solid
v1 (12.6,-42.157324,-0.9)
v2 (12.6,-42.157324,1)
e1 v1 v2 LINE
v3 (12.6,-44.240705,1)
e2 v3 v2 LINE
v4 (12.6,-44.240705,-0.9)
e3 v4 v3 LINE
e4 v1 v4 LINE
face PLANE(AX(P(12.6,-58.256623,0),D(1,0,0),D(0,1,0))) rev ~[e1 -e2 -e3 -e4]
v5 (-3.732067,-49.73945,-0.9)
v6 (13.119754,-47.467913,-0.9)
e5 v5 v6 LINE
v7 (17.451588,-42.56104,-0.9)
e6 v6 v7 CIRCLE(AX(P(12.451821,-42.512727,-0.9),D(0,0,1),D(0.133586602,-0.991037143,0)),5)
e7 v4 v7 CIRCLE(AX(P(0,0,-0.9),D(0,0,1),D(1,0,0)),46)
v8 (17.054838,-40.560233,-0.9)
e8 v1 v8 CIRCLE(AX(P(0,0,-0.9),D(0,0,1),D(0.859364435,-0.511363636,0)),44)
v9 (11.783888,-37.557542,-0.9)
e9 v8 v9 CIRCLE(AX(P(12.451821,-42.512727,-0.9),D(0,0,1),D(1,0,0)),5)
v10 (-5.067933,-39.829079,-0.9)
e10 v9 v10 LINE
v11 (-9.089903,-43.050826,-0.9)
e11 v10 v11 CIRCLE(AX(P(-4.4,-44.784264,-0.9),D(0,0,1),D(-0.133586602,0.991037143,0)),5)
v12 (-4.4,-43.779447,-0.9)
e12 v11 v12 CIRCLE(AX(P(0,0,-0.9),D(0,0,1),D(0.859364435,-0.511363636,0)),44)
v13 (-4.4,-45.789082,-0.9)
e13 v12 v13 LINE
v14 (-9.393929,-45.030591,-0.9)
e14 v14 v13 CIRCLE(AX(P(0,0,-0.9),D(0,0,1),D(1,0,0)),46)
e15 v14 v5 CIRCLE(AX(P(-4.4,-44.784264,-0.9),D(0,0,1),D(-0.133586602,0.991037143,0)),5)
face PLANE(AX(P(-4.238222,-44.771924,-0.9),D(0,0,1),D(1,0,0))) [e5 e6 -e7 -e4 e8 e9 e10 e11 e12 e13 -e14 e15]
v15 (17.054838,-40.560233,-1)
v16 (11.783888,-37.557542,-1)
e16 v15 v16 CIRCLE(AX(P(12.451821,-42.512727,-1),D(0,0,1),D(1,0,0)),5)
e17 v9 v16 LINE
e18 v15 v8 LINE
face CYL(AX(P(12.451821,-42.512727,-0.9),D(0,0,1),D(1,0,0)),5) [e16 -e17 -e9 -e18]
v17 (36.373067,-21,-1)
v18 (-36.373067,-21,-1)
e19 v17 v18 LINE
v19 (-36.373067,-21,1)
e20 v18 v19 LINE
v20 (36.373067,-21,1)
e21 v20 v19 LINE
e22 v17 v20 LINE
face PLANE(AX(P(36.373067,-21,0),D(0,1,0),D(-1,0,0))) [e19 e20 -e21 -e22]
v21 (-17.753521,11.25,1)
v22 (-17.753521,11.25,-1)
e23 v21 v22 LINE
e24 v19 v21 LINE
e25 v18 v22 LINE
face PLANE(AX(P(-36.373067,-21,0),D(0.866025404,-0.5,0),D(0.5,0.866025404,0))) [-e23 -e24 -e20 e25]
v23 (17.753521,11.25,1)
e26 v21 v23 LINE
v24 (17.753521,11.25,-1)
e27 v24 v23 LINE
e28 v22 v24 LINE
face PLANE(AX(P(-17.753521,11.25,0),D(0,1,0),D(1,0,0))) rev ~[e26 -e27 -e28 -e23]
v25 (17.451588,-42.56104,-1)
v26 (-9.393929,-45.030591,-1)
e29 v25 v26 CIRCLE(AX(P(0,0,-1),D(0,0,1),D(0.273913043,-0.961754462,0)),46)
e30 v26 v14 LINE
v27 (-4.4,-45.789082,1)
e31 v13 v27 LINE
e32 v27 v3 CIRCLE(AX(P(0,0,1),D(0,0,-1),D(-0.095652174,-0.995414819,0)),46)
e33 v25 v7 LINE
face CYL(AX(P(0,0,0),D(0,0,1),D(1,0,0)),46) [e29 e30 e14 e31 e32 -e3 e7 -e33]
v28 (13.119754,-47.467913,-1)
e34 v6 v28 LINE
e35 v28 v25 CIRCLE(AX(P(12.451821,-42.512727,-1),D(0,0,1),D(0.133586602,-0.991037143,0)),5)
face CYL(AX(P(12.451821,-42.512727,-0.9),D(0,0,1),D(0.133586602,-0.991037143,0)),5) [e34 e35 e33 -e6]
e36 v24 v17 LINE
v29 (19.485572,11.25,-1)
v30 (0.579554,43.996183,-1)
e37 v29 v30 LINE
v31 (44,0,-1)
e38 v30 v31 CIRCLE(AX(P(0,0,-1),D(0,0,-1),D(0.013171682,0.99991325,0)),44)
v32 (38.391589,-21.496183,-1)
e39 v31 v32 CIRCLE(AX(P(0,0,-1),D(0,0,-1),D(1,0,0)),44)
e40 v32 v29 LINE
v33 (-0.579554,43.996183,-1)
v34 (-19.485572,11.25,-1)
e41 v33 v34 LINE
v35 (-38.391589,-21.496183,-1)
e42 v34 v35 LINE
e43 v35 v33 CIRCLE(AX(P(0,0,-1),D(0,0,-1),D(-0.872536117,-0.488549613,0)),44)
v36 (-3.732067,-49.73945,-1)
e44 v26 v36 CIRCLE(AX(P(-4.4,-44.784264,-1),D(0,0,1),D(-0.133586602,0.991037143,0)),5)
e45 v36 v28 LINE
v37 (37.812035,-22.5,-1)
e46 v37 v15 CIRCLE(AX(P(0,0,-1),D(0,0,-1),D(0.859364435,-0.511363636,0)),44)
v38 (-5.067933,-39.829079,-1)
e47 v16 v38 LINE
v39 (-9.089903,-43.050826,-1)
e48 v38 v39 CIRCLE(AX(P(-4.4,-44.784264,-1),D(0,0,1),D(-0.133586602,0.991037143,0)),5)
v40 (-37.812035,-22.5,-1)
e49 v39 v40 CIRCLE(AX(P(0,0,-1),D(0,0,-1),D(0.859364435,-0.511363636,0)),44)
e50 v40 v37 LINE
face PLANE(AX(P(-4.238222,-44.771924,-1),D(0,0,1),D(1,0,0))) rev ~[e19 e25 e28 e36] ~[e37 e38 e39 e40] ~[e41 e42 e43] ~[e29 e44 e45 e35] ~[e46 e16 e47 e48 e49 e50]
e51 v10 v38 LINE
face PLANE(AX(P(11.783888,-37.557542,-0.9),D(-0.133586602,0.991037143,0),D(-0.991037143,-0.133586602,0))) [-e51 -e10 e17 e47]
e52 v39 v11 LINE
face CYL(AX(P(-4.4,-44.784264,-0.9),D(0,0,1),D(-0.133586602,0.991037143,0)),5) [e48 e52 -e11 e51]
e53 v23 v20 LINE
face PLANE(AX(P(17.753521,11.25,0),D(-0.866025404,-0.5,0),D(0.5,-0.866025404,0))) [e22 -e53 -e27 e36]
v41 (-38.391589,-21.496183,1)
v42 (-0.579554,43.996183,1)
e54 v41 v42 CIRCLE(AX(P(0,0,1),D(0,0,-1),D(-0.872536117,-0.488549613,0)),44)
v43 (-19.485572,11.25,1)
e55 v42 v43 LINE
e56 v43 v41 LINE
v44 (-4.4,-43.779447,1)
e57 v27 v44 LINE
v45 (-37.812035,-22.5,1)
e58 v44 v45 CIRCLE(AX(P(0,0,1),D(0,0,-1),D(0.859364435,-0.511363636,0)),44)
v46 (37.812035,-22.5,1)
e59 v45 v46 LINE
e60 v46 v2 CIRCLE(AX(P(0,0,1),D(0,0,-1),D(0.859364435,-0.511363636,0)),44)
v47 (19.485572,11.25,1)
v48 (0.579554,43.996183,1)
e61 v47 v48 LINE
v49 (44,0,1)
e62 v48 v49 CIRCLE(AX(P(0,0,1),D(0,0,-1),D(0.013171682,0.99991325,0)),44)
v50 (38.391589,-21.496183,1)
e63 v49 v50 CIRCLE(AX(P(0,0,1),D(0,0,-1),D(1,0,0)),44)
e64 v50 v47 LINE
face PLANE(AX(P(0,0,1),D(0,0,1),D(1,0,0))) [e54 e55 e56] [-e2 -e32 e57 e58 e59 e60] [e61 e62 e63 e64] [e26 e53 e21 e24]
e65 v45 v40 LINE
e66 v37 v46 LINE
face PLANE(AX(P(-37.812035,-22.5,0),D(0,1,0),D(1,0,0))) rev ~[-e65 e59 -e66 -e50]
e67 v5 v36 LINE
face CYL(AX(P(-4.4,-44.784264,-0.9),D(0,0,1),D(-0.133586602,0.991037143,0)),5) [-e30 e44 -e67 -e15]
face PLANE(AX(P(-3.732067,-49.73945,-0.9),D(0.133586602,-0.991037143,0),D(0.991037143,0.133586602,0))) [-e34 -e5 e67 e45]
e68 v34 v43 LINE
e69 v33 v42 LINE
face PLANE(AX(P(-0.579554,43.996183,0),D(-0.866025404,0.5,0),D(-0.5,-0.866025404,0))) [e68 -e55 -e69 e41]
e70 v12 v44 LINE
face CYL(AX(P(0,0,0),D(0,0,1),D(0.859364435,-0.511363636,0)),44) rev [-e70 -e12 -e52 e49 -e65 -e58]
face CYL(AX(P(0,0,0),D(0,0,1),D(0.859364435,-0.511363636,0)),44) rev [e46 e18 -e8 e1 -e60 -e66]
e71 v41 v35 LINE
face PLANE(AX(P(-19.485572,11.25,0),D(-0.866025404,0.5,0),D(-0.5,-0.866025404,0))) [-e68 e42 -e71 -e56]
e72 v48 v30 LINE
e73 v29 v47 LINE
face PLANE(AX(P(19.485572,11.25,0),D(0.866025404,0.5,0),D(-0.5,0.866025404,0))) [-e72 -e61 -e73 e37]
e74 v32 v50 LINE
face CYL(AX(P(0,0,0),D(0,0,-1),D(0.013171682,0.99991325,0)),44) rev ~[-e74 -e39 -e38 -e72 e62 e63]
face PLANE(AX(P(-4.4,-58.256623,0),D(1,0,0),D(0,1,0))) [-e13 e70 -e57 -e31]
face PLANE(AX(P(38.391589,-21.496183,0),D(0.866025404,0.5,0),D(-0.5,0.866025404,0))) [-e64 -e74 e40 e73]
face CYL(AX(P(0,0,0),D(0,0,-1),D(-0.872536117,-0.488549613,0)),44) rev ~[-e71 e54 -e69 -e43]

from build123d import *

# Parameters (mm, degrees)
F0_R     = 46
F1_DEPTH = 1
F2_W     = 17
F2_H     = 23.0149852611
F3_DEPTH = 12.5
F5_START = -0.9
F5_DEPTH = 0.1


with BuildPart() as f1:
    # F0 (on Top) → F1 (new body, symmetric)
    with BuildSketch(Plane.XY):
        Circle(F0_R)
        with BuildLine():
            ThreePointArc((0, 45), (31.8198051534, 31.8198051534), (45, 0))
            ThreePointArc((45, 0), (43.466662183, -11.6468570296), (38.9711431703, -22.5))
            ThreePointArc((38.9711431703, -22.5), (0, -45), (-38.9711431703, -22.5))
            ThreePointArc((-38.9711431703, -22.5), (-38.9711431703, 22.5), (0, 45))
        make_face(mode=Mode.SUBTRACT)
        with BuildLine():
            Line((-0.5795540246, 43.9961829837), (0, 45))
            ThreePointArc((0, 45), (-38.9711431703, 22.5), (-38.9711431703, -22.5))
            Line((-38.9711431703, -22.5), (-38.3915891457, -21.4961829837))
            ThreePointArc((-38.3915891457, -21.4961829837), (-38.1051177665, 22), (-0.5795540246, 43.9961829837))
        make_face()
        with BuildLine():
            ThreePointArc((37.8120351211, -22.5), (38.1051177665, -22), (38.3915891457, -21.4961829837))
            Line((38.3915891457, -21.4961829837), (19.4855715851, 11.25))
            Line((19.4855715851, 11.25), (17.7535207776, 11.25))
            Line((17.7535207776, 11.25), (36.3730669589, -21))
            Line((36.3730669589, -21), (-36.3730669589, -21))
            Line((-36.3730669589, -21), (-17.7535207776, 11.25))
            Line((-17.7535207776, 11.25), (-19.4855715851, 11.25))
            Line((-19.4855715851, 11.25), (-38.3915891457, -21.4961829837))
            ThreePointArc((-38.3915891457, -21.4961829837), (-38.1051177665, -22), (-37.8120351211, -22.5))
            Line((-37.8120351211, -22.5), (37.8120351211, -22.5))
        make_face()
        with BuildLine():
            Line((19.4855715851, 11.25), (0.5795540246, 43.9961829837))
            ThreePointArc((0.5795540246, 43.9961829837), (0, 44), (-0.5795540246, 43.9961829837))
            Line((-0.5795540246, 43.9961829837), (-19.4855715851, 11.25))
            Line((-19.4855715851, 11.25), (-17.7535207776, 11.25))
            Line((-17.7535207776, 11.25), (0, 42))
            Line((0, 42), (17.7535207776, 11.25))
            Line((17.7535207776, 11.25), (19.4855715851, 11.25))
        make_face()
        with BuildLine():
            ThreePointArc((38.9711431703, -22.5), (43.466662183, -11.6468570296), (45, 0))
            ThreePointArc((45, 0), (31.8198051534, 31.8198051534), (0, 45))
            Line((0, 45), (0.5795540246, 43.9961829837))
            ThreePointArc((0.5795540246, 43.9961829837), (31.3169313398, 30.9071158709), (44, 0))
            ThreePointArc((44, 0), (42.5748160443, -11.107881832), (38.3915891457, -21.4961829837))
            Line((38.3915891457, -21.4961829837), (38.9711431703, -22.5))
        make_face()
        with BuildLine():
            ThreePointArc((-38.9711431703, -22.5), (0, -45), (38.9711431703, -22.5))
            Line((38.9711431703, -22.5), (37.8120351211, -22.5))
            ThreePointArc((37.8120351211, -22.5), (0, -44), (-37.8120351211, -22.5))
            Line((-37.8120351211, -22.5), (-38.9711431703, -22.5))
        make_face()
        with BuildLine():
            Line((37.8120351211, -22.5), (38.9711431703, -22.5))
            Line((38.9711431703, -22.5), (38.3915891457, -21.4961829837))
            ThreePointArc((38.3915891457, -21.4961829837), (38.1051177665, -22), (37.8120351211, -22.5))
        make_face()
        with BuildLine():
            Line((0.5795540246, 43.9961829837), (0, 45))
            Line((0, 45), (-0.5795540246, 43.9961829837))
            ThreePointArc((-0.5795540246, 43.9961829837), (0, 44), (0.5795540246, 43.9961829837))
        make_face()
        with BuildLine():
            Line((-38.3915891457, -21.4961829837), (-38.9711431703, -22.5))
            Line((-38.9711431703, -22.5), (-37.8120351211, -22.5))
            ThreePointArc((-37.8120351211, -22.5), (-38.1051177665, -22), (-38.3915891457, -21.4961829837))
        make_face()
        Polygon((-17.7535207776, 11.25), (17.7535207776, 11.25), (0, 42), align=None)
    extrude(amount=F1_DEPTH, both=True)

    # F2 (on Top) → F3 (cut, symmetric)
    with BuildSketch(Plane.XY):
        with Locations((4.1, -46.7491300095)):
            Rectangle(F2_W, F2_H)
    extrude(amount=F3_DEPTH, both=True, mode=Mode.SUBTRACT)

    # F4 (on Top) → F5 (join)
    with BuildSketch(Plane.XY.offset(F5_START)):
        with BuildLine():
            ThreePointArc((-3.73206699, -49.7394501678), (-0.6357162003, -48.0751864298), (0.6, -44.7842644504))
            ThreePointArc((0.6, -44.7842644504), (-1.1090780205, -41.0199806506), (-5.06793301, -39.8290787329))
            ThreePointArc((-5.06793301, -39.8290787329), (-9.3551857174, -45.4521974603), (-3.73206699, -49.7394501678))
        make_face()
        with BuildLine():
            ThreePointArc((-5.06793301, -39.8290787329), (-1.1090780205, -41.0199806506), (0.6, -44.7842644504))
            ThreePointArc((0.6, -44.7842644504), (-0.6357162003, -48.0751864298), (-3.73206699, -49.7394501678))
            Line((-3.73206699, -49.7394501678), (13.1197539442, -47.4679132119))
            ThreePointArc((13.1197539442, -47.4679132119), (7.4966352168, -43.1806605044), (11.7838879242, -37.557541777))
            Line((11.7838879242, -37.557541777), (-5.06793301, -39.8290787329))
        make_face()
        with BuildLine():
            ThreePointArc((17.4518209342, -42.5127274945), (15.7427429137, -38.7484436947), (11.7838879242, -37.557541777))
            ThreePointArc((11.7838879242, -37.557541777), (7.4966352168, -43.1806605044), (13.1197539442, -47.4679132119))
            ThreePointArc((13.1197539442, -47.4679132119), (16.216104734, -45.8036494739), (17.4518209342, -42.5127274945))
        make_face()
    extrude(amount=-F5_DEPTH)


solid = f1.part
